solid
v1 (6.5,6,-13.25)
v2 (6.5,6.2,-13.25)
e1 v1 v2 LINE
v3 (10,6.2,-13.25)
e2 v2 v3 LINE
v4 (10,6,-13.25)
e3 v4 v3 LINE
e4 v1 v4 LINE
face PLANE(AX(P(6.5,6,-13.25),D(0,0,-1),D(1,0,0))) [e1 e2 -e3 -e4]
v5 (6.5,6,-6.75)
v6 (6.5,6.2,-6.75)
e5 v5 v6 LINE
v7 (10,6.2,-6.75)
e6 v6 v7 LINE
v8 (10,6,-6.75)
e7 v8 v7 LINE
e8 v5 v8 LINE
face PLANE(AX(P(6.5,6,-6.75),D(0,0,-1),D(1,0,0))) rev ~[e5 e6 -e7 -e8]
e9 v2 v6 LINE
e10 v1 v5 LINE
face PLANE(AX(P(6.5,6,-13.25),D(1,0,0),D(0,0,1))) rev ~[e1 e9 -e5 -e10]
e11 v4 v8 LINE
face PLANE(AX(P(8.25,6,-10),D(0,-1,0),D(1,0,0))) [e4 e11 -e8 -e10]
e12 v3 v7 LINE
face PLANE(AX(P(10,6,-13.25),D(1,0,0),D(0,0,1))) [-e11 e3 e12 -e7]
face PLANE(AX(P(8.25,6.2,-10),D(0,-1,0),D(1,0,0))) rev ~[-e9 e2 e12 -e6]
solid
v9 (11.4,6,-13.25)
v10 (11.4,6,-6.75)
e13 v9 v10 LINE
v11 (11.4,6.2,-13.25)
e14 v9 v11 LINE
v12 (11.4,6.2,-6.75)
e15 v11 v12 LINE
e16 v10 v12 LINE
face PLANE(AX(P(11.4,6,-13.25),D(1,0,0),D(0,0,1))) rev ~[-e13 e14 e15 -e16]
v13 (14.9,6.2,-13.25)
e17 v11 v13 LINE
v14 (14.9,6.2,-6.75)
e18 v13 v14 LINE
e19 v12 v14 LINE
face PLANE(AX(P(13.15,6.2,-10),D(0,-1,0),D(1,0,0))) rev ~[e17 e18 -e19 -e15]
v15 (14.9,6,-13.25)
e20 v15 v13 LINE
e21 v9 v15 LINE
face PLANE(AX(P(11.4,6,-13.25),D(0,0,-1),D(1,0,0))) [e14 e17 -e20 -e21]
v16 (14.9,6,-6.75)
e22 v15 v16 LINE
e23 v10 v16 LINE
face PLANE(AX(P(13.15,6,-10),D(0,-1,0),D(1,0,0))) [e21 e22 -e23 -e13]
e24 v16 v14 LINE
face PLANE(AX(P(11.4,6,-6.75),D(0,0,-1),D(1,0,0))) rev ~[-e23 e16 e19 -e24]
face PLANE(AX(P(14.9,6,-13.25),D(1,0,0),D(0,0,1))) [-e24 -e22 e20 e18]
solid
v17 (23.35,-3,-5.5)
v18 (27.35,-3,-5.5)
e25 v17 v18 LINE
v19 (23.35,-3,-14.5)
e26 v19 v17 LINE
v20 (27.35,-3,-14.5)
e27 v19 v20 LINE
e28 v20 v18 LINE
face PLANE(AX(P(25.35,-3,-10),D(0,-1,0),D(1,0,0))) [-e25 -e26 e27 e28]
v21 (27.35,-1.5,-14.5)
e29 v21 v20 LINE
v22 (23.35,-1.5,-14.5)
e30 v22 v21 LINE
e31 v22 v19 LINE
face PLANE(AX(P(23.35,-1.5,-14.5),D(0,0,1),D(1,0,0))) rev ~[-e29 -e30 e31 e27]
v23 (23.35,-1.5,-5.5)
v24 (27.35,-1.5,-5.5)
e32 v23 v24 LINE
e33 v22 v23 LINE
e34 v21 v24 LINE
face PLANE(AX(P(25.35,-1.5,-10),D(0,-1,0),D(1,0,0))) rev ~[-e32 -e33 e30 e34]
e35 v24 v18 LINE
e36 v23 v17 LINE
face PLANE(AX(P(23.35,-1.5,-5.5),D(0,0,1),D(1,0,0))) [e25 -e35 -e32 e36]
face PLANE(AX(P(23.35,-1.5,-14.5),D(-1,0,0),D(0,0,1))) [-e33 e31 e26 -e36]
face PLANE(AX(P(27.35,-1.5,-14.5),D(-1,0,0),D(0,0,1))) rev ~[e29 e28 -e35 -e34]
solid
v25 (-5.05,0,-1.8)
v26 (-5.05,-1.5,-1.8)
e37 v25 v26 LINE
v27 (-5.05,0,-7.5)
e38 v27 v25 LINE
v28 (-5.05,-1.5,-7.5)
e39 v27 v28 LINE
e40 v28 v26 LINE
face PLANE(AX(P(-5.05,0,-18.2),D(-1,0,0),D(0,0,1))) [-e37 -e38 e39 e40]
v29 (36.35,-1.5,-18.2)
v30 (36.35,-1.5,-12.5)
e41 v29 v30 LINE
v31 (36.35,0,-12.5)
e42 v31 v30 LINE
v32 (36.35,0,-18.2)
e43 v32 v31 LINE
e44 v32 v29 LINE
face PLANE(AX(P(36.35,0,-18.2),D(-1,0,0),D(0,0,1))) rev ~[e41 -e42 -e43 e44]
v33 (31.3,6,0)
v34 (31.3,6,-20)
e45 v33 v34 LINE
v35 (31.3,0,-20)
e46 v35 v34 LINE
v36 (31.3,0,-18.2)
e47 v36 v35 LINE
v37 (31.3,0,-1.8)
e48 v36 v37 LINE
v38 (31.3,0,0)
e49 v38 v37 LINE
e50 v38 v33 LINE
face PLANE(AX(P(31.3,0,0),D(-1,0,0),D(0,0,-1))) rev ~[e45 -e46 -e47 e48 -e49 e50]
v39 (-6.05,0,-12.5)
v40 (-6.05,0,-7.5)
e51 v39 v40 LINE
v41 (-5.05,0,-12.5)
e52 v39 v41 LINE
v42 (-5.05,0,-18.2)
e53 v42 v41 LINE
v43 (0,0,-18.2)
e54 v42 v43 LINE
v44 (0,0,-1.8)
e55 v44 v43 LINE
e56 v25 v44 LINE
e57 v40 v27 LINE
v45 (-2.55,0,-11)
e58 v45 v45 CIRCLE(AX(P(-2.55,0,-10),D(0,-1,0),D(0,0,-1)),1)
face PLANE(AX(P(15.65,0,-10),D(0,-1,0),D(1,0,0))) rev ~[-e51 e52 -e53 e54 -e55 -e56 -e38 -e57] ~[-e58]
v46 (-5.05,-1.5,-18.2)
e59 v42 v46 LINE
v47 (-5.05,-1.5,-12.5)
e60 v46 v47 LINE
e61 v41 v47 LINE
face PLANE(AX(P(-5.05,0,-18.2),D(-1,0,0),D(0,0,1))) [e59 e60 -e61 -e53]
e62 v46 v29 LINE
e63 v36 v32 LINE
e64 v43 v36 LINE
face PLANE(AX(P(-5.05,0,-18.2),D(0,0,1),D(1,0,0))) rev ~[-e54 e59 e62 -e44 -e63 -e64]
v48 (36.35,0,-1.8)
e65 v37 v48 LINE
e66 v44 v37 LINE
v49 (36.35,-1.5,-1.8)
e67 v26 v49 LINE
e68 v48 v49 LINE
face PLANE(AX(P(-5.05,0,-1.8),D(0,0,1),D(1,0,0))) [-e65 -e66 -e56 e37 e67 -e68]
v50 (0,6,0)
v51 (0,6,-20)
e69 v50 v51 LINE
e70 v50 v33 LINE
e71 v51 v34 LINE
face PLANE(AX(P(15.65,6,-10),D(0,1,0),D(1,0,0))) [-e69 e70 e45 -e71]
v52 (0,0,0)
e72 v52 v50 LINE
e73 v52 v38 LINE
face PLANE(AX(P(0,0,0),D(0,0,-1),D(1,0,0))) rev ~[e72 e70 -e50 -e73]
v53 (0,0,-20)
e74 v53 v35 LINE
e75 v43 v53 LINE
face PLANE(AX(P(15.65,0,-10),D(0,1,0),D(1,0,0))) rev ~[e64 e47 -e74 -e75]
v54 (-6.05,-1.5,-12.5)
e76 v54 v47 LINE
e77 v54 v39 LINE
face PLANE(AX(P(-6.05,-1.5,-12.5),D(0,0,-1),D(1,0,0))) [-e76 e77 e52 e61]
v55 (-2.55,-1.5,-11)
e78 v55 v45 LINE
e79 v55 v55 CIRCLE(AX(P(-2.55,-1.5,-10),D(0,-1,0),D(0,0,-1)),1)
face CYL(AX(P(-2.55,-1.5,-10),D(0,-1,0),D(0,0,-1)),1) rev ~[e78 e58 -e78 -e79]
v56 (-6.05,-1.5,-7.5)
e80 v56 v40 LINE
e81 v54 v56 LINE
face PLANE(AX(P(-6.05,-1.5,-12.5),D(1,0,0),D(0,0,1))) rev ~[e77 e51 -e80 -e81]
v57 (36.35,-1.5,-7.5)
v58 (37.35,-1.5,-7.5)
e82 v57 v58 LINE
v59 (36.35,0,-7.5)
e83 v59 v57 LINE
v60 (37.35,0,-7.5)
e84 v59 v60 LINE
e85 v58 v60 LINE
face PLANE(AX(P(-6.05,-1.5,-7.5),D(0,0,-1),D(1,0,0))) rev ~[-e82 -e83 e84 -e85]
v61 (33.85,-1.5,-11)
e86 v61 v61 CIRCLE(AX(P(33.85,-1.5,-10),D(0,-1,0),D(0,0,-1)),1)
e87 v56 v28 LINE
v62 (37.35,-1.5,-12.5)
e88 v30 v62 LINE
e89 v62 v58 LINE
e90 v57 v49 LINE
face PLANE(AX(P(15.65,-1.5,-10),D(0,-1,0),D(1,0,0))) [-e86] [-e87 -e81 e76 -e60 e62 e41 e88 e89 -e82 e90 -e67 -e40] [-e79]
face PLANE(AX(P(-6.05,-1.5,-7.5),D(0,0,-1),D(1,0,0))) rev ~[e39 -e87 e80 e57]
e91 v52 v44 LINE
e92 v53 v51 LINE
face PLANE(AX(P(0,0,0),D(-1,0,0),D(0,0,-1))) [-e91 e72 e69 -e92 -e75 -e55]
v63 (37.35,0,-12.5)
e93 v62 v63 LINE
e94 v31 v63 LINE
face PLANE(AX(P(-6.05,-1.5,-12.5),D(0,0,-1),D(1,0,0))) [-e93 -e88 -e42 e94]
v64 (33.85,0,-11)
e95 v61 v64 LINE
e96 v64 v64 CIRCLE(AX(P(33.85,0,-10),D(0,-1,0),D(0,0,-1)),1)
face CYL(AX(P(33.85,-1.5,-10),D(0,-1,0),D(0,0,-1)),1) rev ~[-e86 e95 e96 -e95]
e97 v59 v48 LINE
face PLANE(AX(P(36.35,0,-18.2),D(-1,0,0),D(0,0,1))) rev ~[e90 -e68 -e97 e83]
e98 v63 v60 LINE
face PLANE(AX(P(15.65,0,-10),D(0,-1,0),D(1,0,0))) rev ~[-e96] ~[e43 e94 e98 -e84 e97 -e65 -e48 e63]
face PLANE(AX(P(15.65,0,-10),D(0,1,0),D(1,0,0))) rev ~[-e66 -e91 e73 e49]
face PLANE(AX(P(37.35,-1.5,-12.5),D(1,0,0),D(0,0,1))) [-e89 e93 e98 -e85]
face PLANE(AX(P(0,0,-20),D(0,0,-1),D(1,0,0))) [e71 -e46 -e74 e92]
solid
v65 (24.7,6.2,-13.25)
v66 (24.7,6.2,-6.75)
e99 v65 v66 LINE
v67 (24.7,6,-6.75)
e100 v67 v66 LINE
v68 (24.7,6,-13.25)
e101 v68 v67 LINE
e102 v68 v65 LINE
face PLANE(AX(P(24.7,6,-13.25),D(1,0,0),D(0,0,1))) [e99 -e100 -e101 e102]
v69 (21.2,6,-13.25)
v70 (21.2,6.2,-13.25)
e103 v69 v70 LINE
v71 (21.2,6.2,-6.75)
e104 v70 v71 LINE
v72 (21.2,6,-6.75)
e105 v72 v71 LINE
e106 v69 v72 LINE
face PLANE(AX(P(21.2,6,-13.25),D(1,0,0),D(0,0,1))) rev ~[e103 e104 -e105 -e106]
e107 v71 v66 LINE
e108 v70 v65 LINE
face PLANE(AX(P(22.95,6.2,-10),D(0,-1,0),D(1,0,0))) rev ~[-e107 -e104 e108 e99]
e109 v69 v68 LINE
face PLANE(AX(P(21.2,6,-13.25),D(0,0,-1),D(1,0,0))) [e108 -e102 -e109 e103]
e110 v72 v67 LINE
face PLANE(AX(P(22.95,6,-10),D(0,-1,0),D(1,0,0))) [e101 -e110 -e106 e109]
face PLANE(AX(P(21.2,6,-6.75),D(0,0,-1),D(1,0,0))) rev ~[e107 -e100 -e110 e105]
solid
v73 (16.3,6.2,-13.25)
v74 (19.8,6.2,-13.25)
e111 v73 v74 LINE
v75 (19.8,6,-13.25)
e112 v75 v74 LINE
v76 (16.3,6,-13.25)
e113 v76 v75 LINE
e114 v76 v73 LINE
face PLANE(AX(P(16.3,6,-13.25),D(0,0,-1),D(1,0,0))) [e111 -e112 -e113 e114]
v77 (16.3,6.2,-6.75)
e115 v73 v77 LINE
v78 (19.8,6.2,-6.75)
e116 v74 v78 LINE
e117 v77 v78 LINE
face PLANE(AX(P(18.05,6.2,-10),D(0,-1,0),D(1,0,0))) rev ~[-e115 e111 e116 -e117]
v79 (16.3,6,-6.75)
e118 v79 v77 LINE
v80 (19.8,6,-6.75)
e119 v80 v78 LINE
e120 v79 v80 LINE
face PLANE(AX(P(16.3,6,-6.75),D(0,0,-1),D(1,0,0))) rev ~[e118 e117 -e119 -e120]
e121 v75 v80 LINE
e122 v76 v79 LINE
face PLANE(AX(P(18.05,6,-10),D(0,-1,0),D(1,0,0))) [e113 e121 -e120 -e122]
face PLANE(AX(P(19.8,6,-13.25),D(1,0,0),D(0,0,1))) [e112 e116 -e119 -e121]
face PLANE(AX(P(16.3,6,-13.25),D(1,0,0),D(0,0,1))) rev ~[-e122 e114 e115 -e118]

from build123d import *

# Parameters (mm, degrees)
SKETCH1_W             = 31.3
SKETCH1_H             = 20
BOSS_EXTRUDE1_DEPTH   = 6
SKETCH2_W             = 3.5
SKETCH2_H             = 6.5
BOSS_EXTRUDE2_DEPTH   = 0.2
BOSS_EXTRUDE2_2_DEPTH = 0.2
BOSS_EXTRUDE2_3_DEPTH = 0.2
BOSS_EXTRUDE2_4_DEPTH = 0.2
SKETCH3_W             = 41.4
SKETCH3_H             = 16.4
BOSS_EXTRUDE3_DEPTH   = 1.5
SKETCH4_W             = 43.4
SKETCH4_H             = 5
BOSS_EXTRUDE4_DEPTH   = 1.5
SKETCH5_R             = 1
CUT_EXTRUDE1_DEPTH    = 1.5
SKETCH6_W             = 4
SKETCH6_H             = 9
BOSS_EXTRUDE5_DEPTH   = 1.5


with BuildPart() as part:
    # Sketch1 → Boss-Extrude1 (new body)
    with BuildSketch(Plane(origin=(0, 0, 0), x_dir=(1, 0, 0), z_dir=(0, 1, 0))):
        with Locations((15.65, 10)):
            Rectangle(SKETCH1_W, SKETCH1_H)
    extrude(amount=BOSS_EXTRUDE1_DEPTH)



with BuildPart() as body_2:
    # Sketch2 → Boss-Extrude2 (new body)
    with BuildSketch(Plane.XZ.offset(-6)):
        with Locations((13.15, -10)):
            Rectangle(SKETCH2_W, SKETCH2_H)
    extrude(amount=-BOSS_EXTRUDE2_DEPTH)


with BuildPart() as body_3:
    # Sketch2 → Boss-Extrude2 2 (new body)
    with BuildSketch(Plane.XZ.offset(-6)):
        with Locations((8.25, -10)):
            Rectangle(SKETCH2_W, SKETCH2_H)
    extrude(amount=-BOSS_EXTRUDE2_2_DEPTH)


with BuildPart() as body_4:
    # Sketch2 → Boss-Extrude2 3 (new body)
    with BuildSketch(Plane.XZ.offset(-6)):
        with Locations((18.05, -10)):
            Rectangle(SKETCH2_W, SKETCH2_H)
    extrude(amount=-BOSS_EXTRUDE2_3_DEPTH)


with BuildPart() as body_5:
    # Sketch2 → Boss-Extrude2 4 (new body)
    with BuildSketch(Plane.XZ.offset(-6)):
        with Locations((22.95, -10)):
            Rectangle(SKETCH2_W, SKETCH2_H)
    extrude(amount=-BOSS_EXTRUDE2_4_DEPTH)


with BuildPart() as body_6:
    # Sketch3 → Boss-Extrude3 (new body)
    with BuildSketch(Plane.XZ):
        with Locations((15.65, -10)):
            Rectangle(SKETCH3_W, SKETCH3_H)
    extrude(amount=BOSS_EXTRUDE3_DEPTH)


with BuildPart() as part_1:
    add(part.part)

    add(body_6.part)  # Boss-Extrude4 merges body 6
    # Sketch4 → Boss-Extrude4 (add)
    with BuildSketch(Plane.XZ.offset(1.5)):
        with Locations((15.65, -10)):
            Rectangle(SKETCH4_W, SKETCH4_H)
    extrude(amount=-BOSS_EXTRUDE4_DEPTH)

    # Sketch5 → Cut-Extrude1 (cut)
    with BuildSketch(Plane.XZ.offset(1.5)):
        with Locations((-2.55, -10)):
            Circle(SKETCH5_R)
        with Locations((33.85, -10)):
            Circle(SKETCH5_R)
    extrude(amount=-CUT_EXTRUDE1_DEPTH, mode=Mode.SUBTRACT)


with BuildPart() as body_6_2:
    # Sketch6 → Boss-Extrude5 (new body)
    with BuildSketch(Plane.XZ.offset(1.5)):
        with Locations((25.35, -10)):
            Rectangle(SKETCH6_W, SKETCH6_H)
    extrude(amount=BOSS_EXTRUDE5_DEPTH)


solid = Compound([body_2.part, body_3.part, body_4.part, body_5.part, part_1.part, body_6_2.part])
